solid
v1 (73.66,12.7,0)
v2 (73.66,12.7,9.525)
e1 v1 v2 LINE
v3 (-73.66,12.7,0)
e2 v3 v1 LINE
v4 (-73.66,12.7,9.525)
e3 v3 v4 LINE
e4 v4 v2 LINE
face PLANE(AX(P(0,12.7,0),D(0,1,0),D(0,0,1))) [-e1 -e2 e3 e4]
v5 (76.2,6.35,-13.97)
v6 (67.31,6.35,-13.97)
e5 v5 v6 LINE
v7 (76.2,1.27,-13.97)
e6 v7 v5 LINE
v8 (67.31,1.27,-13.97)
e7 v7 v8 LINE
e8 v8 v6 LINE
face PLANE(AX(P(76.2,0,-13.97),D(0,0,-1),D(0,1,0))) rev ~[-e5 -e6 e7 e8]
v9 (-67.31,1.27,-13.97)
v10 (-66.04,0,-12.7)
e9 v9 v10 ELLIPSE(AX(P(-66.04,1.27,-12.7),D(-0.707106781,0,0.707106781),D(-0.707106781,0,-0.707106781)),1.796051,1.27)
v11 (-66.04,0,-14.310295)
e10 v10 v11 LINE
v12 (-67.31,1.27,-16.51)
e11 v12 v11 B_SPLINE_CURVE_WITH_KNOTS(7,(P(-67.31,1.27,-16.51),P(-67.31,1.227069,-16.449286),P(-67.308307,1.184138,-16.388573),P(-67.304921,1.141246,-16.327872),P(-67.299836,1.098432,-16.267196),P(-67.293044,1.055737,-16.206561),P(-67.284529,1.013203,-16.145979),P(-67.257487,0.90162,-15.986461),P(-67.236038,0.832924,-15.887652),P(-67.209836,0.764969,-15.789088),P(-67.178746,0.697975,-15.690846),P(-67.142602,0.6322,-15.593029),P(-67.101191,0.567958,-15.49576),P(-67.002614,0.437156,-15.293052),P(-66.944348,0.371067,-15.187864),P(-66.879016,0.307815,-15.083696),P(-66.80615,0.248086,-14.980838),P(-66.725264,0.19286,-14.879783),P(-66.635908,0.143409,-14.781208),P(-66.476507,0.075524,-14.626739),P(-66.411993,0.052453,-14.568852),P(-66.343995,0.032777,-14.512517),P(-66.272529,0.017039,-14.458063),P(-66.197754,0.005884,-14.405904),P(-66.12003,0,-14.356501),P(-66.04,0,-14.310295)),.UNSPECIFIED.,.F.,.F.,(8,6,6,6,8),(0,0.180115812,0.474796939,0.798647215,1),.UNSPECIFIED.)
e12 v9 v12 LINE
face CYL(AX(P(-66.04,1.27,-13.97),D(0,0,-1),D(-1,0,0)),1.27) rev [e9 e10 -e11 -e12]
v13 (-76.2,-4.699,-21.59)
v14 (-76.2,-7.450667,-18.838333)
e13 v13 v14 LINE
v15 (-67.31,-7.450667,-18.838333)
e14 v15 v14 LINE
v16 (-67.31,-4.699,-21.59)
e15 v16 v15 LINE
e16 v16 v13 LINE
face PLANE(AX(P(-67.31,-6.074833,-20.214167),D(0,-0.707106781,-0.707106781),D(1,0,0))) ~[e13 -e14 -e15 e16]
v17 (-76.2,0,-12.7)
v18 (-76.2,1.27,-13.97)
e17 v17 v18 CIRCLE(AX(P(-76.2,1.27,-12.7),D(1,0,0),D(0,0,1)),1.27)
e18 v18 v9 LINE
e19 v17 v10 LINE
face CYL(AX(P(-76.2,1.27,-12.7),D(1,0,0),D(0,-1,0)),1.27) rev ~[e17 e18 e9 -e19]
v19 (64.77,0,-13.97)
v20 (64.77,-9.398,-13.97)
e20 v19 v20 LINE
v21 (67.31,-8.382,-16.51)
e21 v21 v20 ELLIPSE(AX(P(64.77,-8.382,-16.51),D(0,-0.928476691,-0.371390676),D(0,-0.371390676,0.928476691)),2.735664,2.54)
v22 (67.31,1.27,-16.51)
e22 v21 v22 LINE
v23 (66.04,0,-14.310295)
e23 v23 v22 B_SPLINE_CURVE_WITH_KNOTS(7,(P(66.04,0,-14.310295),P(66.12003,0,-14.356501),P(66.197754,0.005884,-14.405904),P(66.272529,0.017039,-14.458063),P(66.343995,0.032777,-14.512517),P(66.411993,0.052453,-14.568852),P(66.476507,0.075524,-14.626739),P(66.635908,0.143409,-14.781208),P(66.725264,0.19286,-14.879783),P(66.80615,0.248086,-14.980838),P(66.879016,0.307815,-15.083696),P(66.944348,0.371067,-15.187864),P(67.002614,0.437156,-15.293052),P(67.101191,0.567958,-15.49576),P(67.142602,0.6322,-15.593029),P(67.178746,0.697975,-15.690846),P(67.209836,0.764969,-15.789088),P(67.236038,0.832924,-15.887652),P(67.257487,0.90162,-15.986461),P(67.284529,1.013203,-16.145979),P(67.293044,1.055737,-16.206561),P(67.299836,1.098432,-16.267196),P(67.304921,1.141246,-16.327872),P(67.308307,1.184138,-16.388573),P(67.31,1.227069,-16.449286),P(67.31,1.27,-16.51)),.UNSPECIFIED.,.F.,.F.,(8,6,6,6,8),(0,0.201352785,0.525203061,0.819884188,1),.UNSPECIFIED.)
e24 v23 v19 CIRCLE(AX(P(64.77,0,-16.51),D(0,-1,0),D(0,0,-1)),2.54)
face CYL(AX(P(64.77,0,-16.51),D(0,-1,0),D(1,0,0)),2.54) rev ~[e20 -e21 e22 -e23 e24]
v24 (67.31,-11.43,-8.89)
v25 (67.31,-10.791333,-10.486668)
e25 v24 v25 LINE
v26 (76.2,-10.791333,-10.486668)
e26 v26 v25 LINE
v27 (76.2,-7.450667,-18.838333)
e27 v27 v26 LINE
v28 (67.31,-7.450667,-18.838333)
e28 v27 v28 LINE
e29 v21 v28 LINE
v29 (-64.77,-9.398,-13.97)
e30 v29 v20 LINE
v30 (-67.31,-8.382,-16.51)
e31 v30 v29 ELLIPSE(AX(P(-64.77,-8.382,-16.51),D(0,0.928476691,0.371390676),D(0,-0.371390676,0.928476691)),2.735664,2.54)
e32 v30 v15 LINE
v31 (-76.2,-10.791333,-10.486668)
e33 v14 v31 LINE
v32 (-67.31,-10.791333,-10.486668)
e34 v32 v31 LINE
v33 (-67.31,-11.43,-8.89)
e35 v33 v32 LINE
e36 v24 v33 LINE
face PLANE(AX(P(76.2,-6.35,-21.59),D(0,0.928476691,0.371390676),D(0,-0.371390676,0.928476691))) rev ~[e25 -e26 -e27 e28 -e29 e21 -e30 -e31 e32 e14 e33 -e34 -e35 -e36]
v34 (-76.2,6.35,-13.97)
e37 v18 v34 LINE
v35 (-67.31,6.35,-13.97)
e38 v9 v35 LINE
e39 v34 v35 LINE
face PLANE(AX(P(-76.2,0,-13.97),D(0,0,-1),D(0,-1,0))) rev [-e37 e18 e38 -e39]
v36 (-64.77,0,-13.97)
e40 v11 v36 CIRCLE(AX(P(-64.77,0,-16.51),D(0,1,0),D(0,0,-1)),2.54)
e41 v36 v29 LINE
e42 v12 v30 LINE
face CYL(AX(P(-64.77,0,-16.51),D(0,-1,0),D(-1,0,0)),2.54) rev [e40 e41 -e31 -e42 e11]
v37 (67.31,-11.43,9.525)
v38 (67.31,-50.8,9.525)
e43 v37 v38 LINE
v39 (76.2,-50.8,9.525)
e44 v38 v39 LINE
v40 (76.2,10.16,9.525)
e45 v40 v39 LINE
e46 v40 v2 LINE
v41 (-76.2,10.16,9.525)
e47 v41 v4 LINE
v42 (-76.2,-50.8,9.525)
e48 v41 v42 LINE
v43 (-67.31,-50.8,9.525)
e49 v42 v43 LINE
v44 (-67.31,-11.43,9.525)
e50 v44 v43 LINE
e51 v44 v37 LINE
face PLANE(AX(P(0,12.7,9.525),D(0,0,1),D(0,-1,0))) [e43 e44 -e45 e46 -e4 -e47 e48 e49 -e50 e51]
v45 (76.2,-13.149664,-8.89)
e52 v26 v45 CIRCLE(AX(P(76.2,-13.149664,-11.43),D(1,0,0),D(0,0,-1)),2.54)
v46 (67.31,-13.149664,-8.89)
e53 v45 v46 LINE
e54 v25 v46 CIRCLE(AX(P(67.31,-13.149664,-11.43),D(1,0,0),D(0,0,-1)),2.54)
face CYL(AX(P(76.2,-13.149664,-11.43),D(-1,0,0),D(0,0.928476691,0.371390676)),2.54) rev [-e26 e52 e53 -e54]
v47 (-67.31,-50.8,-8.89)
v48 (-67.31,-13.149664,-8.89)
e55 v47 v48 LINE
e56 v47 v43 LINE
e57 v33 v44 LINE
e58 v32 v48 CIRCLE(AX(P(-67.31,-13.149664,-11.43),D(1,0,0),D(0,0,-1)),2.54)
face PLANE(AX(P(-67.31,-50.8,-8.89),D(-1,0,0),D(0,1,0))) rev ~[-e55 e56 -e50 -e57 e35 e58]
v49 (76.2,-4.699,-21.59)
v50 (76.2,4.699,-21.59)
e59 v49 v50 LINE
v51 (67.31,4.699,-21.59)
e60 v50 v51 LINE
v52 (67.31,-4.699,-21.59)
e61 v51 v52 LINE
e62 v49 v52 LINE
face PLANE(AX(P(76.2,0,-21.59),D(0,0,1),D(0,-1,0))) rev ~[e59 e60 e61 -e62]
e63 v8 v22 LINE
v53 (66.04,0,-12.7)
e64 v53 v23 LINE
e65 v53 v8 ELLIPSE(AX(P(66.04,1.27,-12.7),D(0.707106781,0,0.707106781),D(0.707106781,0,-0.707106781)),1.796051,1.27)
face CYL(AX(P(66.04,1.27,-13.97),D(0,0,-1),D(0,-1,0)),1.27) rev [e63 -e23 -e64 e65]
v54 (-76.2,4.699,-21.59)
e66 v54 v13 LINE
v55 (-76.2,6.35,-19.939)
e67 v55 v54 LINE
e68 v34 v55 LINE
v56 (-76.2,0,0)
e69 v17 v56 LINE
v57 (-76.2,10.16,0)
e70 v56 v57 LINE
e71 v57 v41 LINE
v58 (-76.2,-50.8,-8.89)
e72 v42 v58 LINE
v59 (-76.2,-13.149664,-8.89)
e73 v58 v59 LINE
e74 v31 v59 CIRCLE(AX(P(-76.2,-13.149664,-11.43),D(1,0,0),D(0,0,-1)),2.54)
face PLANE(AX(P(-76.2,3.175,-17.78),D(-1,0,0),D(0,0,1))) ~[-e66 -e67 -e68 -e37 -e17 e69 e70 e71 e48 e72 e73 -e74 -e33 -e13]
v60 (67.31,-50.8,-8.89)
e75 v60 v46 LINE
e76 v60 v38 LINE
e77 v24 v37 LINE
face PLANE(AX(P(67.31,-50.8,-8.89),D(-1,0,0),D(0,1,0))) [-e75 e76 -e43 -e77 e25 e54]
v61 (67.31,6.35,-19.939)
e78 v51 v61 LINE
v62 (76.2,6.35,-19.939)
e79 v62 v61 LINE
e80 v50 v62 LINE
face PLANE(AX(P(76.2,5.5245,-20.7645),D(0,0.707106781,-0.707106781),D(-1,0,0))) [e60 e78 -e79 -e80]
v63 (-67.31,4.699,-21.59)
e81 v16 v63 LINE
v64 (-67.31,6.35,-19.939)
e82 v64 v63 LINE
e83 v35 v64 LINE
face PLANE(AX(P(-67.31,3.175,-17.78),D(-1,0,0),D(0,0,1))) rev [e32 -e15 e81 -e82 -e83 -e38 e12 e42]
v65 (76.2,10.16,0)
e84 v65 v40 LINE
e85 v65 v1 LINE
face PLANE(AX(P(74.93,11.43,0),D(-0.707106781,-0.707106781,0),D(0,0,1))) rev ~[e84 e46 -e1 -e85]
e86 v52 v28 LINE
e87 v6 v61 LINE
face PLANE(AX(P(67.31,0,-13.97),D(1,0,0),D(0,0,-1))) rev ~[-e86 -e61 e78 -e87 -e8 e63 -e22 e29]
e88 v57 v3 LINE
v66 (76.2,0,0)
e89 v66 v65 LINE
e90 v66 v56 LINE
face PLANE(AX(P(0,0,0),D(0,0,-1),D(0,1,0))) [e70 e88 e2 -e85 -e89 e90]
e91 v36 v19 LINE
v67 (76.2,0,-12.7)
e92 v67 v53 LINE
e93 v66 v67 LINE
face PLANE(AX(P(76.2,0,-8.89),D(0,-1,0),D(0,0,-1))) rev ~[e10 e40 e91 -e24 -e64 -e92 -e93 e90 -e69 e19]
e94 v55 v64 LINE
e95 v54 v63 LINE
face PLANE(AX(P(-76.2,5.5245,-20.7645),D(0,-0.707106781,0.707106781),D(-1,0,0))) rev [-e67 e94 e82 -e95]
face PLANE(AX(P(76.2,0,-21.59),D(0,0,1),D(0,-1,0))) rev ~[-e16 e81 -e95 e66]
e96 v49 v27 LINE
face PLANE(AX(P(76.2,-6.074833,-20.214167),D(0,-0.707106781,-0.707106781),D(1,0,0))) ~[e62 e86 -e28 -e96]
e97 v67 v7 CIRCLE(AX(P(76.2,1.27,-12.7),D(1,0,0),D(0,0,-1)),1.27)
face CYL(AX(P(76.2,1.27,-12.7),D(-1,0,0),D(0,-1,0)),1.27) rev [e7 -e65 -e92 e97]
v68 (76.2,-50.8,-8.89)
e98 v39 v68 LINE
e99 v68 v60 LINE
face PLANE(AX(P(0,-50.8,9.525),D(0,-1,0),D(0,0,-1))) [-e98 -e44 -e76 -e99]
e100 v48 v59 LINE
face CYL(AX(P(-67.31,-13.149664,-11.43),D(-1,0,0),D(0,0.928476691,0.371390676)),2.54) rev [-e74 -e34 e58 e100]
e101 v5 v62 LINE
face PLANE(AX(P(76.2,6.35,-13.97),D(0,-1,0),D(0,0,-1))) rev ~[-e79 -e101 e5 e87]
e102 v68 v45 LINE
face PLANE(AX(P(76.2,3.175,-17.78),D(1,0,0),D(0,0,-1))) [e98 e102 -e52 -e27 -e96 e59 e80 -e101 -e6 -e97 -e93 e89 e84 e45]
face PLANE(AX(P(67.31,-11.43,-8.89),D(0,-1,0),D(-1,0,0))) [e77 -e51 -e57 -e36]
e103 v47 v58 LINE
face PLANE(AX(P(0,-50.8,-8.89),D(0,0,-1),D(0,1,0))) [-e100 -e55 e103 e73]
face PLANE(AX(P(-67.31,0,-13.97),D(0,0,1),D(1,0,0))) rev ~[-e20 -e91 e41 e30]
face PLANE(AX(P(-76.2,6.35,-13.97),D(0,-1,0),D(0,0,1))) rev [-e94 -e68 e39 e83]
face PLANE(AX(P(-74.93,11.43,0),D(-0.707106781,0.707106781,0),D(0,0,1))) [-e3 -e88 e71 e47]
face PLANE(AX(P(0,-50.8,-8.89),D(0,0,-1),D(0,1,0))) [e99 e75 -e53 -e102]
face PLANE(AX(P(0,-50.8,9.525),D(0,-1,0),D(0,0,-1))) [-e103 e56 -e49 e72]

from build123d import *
from OCP.BRepFilletAPI import BRepFilletAPI_MakeChamfer

# Parameters (mm, degrees)
BOSS_EXTRUDE1_DEPTH = 76.2
BOSS_EXTRUDE3_DEPTH = 152.4
SKETCH2_W           = 134.62
SKETCH2_H           = 39.37
CUT_EXTRUDE1_DEPTH  = 94.414090077
CHAMFER1_SIZE       = 2.54
SKETCH5_W           = 7.62
SKETCH5_H           = 6.35
BOSS_EXTRUDE4_DEPTH = 8.89
SKETCH6_W           = 134.62
SKETCH6_H           = 7.62
CUT_EXTRUDE2_DEPTH  = 95.091487925
FILLET1_R           = 2.54
FILLET2_R           = 1.27
CHAMFER2_SIZE       = 1.651
CHAMFER2_SIZE2      = 2.963635699


with BuildPart() as part:
    # Sketch1 → Boss-Extrude1 (new, symmetric)
    with BuildSketch(Plane(origin=(0, 0, 0), x_dir=(0, 0, -1), z_dir=(1, 0, 0))):
        Polygon((0, 0), (0, 12.7), (-9.525, 12.7), (-9.525, -50.8), (8.89, -50.8), (8.89, 0), align=None)
    extrude(amount=BOSS_EXTRUDE1_DEPTH, both=True)

    # Sketch4 → Boss-Extrude3 (add)
    with BuildSketch(Plane(origin=(76.2, 0, 0), x_dir=(0, 0, -1), z_dir=(1, 0, 0))):
        Polygon((8.89, 0), (21.59, 0), (21.59, -6.35), (8.89, -11.43), align=None)
    extrude(amount=-BOSS_EXTRUDE3_DEPTH)

    # Sketch2 → Cut-Extrude1 (cut, through all)
    with BuildSketch(Plane(origin=(0, 0, -8.89), x_dir=(-1, 0, 0), z_dir=(0, 0, -1))):
        with Locations((0, -31.115)):
            Rectangle(SKETCH2_W, SKETCH2_H)
    extrude(amount=-CUT_EXTRUDE1_DEPTH, mode=Mode.SUBTRACT)

    # Chamfer1
    chamfer1_edges = [part.edges().sort_by_distance(p)[0] for p in [
        (76.2, 12.7, 4.7625),
        (-76.2, 12.7, 4.7625),
    ]]
    chamfer(chamfer1_edges, length=CHAMFER1_SIZE)

    # Sketch5 → Boss-Extrude4 (add)
    with BuildSketch(Plane(origin=(76.2, 0, 0), x_dir=(0, 0, -1), z_dir=(1, 0, 0))):
        with Locations((17.78, 3.175)):
            Rectangle(SKETCH5_W, SKETCH5_H)
    boss_extrude4 = extrude(amount=-BOSS_EXTRUDE4_DEPTH)

    # Mirror1: Boss-Extrude4 across plane
    add(boss_extrude4.mirror(Plane(origin=(0, 0, 0), x_dir=(0, 0, 1), z_dir=(1, 0, 0))))

    # Sketch6 → Cut-Extrude2 (cut, through all)
    with BuildSketch(Plane(origin=(0, 0, 0), x_dir=(1, 0, 0), z_dir=(0, 1, 0))):
        with Locations((0, 17.78)):
            Rectangle(SKETCH6_W, SKETCH6_H)
    extrude(amount=-CUT_EXTRUDE2_DEPTH, mode=Mode.SUBTRACT)

    # Fillet1
    fillet1_edges = [part.edges().sort_by_distance(p)[0] for p in [
        (-71.755, -11.43, -8.89),
        (71.755, -11.43, -8.89),
        (-67.31, -4.699, -13.97),
        (67.31, -4.699, -13.97),
    ]]
    fillet(fillet1_edges, radius=FILLET1_R)

    # Fillet2
    fillet2_edges = [part.edges().sort_by_distance(p)[0] for p in [
        (67.31, 0, -15.24),
        (-67.31, 0, -15.24),
        (71.755, 0, -13.97),
        (-71.755, 0, -13.97),
    ]]
    fillet(fillet2_edges, radius=FILLET2_R)

    # Chamfer2: one chamfer whose edges measure the first distance from different faces: ONE call of the kernel's chamfer builder (chamfer() names one face for all edges)
    chamfer2_edges_1 = [part.edges().sort_by_distance(p)[0] for p in [
        (-71.755, -6.35, -21.59),
    ]]
    chamfer2_side_1 = [part.faces().sort_by_distance(p)[0] for p in [
        (-71.755, 0, -21.59),
    ]]
    chamfer2_edges_2 = [part.edges().sort_by_distance(p)[0] for p in [
        (71.755, 6.35, -21.59),
        (-71.755, 6.35, -21.59),
    ]]
    chamfer2_edges_3 = [part.edges().sort_by_distance(p)[0] for p in [
        (71.755, -6.35, -21.59),
    ]]
    chamfer2_side_3 = [part.faces().sort_by_distance(p)[0] for p in [
        (71.755, 0, -21.59),
    ]]
    chamfer2 = BRepFilletAPI_MakeChamfer(part.part.solid().wrapped)
    for e in chamfer2_edges_1:
        chamfer2.Add(CHAMFER2_SIZE, CHAMFER2_SIZE2, e.wrapped, chamfer2_side_1[0].wrapped)  # the first distance lies on this face
    for e in chamfer2_edges_2:
        chamfer2.Add(CHAMFER2_SIZE, e.wrapped)
    for e in chamfer2_edges_3:
        chamfer2.Add(CHAMFER2_SIZE, CHAMFER2_SIZE2, e.wrapped, chamfer2_side_3[0].wrapped)  # the first distance lies on this face
    add(Compound.cast(chamfer2.Shape()), mode=Mode.REPLACE)


solid = part.part
